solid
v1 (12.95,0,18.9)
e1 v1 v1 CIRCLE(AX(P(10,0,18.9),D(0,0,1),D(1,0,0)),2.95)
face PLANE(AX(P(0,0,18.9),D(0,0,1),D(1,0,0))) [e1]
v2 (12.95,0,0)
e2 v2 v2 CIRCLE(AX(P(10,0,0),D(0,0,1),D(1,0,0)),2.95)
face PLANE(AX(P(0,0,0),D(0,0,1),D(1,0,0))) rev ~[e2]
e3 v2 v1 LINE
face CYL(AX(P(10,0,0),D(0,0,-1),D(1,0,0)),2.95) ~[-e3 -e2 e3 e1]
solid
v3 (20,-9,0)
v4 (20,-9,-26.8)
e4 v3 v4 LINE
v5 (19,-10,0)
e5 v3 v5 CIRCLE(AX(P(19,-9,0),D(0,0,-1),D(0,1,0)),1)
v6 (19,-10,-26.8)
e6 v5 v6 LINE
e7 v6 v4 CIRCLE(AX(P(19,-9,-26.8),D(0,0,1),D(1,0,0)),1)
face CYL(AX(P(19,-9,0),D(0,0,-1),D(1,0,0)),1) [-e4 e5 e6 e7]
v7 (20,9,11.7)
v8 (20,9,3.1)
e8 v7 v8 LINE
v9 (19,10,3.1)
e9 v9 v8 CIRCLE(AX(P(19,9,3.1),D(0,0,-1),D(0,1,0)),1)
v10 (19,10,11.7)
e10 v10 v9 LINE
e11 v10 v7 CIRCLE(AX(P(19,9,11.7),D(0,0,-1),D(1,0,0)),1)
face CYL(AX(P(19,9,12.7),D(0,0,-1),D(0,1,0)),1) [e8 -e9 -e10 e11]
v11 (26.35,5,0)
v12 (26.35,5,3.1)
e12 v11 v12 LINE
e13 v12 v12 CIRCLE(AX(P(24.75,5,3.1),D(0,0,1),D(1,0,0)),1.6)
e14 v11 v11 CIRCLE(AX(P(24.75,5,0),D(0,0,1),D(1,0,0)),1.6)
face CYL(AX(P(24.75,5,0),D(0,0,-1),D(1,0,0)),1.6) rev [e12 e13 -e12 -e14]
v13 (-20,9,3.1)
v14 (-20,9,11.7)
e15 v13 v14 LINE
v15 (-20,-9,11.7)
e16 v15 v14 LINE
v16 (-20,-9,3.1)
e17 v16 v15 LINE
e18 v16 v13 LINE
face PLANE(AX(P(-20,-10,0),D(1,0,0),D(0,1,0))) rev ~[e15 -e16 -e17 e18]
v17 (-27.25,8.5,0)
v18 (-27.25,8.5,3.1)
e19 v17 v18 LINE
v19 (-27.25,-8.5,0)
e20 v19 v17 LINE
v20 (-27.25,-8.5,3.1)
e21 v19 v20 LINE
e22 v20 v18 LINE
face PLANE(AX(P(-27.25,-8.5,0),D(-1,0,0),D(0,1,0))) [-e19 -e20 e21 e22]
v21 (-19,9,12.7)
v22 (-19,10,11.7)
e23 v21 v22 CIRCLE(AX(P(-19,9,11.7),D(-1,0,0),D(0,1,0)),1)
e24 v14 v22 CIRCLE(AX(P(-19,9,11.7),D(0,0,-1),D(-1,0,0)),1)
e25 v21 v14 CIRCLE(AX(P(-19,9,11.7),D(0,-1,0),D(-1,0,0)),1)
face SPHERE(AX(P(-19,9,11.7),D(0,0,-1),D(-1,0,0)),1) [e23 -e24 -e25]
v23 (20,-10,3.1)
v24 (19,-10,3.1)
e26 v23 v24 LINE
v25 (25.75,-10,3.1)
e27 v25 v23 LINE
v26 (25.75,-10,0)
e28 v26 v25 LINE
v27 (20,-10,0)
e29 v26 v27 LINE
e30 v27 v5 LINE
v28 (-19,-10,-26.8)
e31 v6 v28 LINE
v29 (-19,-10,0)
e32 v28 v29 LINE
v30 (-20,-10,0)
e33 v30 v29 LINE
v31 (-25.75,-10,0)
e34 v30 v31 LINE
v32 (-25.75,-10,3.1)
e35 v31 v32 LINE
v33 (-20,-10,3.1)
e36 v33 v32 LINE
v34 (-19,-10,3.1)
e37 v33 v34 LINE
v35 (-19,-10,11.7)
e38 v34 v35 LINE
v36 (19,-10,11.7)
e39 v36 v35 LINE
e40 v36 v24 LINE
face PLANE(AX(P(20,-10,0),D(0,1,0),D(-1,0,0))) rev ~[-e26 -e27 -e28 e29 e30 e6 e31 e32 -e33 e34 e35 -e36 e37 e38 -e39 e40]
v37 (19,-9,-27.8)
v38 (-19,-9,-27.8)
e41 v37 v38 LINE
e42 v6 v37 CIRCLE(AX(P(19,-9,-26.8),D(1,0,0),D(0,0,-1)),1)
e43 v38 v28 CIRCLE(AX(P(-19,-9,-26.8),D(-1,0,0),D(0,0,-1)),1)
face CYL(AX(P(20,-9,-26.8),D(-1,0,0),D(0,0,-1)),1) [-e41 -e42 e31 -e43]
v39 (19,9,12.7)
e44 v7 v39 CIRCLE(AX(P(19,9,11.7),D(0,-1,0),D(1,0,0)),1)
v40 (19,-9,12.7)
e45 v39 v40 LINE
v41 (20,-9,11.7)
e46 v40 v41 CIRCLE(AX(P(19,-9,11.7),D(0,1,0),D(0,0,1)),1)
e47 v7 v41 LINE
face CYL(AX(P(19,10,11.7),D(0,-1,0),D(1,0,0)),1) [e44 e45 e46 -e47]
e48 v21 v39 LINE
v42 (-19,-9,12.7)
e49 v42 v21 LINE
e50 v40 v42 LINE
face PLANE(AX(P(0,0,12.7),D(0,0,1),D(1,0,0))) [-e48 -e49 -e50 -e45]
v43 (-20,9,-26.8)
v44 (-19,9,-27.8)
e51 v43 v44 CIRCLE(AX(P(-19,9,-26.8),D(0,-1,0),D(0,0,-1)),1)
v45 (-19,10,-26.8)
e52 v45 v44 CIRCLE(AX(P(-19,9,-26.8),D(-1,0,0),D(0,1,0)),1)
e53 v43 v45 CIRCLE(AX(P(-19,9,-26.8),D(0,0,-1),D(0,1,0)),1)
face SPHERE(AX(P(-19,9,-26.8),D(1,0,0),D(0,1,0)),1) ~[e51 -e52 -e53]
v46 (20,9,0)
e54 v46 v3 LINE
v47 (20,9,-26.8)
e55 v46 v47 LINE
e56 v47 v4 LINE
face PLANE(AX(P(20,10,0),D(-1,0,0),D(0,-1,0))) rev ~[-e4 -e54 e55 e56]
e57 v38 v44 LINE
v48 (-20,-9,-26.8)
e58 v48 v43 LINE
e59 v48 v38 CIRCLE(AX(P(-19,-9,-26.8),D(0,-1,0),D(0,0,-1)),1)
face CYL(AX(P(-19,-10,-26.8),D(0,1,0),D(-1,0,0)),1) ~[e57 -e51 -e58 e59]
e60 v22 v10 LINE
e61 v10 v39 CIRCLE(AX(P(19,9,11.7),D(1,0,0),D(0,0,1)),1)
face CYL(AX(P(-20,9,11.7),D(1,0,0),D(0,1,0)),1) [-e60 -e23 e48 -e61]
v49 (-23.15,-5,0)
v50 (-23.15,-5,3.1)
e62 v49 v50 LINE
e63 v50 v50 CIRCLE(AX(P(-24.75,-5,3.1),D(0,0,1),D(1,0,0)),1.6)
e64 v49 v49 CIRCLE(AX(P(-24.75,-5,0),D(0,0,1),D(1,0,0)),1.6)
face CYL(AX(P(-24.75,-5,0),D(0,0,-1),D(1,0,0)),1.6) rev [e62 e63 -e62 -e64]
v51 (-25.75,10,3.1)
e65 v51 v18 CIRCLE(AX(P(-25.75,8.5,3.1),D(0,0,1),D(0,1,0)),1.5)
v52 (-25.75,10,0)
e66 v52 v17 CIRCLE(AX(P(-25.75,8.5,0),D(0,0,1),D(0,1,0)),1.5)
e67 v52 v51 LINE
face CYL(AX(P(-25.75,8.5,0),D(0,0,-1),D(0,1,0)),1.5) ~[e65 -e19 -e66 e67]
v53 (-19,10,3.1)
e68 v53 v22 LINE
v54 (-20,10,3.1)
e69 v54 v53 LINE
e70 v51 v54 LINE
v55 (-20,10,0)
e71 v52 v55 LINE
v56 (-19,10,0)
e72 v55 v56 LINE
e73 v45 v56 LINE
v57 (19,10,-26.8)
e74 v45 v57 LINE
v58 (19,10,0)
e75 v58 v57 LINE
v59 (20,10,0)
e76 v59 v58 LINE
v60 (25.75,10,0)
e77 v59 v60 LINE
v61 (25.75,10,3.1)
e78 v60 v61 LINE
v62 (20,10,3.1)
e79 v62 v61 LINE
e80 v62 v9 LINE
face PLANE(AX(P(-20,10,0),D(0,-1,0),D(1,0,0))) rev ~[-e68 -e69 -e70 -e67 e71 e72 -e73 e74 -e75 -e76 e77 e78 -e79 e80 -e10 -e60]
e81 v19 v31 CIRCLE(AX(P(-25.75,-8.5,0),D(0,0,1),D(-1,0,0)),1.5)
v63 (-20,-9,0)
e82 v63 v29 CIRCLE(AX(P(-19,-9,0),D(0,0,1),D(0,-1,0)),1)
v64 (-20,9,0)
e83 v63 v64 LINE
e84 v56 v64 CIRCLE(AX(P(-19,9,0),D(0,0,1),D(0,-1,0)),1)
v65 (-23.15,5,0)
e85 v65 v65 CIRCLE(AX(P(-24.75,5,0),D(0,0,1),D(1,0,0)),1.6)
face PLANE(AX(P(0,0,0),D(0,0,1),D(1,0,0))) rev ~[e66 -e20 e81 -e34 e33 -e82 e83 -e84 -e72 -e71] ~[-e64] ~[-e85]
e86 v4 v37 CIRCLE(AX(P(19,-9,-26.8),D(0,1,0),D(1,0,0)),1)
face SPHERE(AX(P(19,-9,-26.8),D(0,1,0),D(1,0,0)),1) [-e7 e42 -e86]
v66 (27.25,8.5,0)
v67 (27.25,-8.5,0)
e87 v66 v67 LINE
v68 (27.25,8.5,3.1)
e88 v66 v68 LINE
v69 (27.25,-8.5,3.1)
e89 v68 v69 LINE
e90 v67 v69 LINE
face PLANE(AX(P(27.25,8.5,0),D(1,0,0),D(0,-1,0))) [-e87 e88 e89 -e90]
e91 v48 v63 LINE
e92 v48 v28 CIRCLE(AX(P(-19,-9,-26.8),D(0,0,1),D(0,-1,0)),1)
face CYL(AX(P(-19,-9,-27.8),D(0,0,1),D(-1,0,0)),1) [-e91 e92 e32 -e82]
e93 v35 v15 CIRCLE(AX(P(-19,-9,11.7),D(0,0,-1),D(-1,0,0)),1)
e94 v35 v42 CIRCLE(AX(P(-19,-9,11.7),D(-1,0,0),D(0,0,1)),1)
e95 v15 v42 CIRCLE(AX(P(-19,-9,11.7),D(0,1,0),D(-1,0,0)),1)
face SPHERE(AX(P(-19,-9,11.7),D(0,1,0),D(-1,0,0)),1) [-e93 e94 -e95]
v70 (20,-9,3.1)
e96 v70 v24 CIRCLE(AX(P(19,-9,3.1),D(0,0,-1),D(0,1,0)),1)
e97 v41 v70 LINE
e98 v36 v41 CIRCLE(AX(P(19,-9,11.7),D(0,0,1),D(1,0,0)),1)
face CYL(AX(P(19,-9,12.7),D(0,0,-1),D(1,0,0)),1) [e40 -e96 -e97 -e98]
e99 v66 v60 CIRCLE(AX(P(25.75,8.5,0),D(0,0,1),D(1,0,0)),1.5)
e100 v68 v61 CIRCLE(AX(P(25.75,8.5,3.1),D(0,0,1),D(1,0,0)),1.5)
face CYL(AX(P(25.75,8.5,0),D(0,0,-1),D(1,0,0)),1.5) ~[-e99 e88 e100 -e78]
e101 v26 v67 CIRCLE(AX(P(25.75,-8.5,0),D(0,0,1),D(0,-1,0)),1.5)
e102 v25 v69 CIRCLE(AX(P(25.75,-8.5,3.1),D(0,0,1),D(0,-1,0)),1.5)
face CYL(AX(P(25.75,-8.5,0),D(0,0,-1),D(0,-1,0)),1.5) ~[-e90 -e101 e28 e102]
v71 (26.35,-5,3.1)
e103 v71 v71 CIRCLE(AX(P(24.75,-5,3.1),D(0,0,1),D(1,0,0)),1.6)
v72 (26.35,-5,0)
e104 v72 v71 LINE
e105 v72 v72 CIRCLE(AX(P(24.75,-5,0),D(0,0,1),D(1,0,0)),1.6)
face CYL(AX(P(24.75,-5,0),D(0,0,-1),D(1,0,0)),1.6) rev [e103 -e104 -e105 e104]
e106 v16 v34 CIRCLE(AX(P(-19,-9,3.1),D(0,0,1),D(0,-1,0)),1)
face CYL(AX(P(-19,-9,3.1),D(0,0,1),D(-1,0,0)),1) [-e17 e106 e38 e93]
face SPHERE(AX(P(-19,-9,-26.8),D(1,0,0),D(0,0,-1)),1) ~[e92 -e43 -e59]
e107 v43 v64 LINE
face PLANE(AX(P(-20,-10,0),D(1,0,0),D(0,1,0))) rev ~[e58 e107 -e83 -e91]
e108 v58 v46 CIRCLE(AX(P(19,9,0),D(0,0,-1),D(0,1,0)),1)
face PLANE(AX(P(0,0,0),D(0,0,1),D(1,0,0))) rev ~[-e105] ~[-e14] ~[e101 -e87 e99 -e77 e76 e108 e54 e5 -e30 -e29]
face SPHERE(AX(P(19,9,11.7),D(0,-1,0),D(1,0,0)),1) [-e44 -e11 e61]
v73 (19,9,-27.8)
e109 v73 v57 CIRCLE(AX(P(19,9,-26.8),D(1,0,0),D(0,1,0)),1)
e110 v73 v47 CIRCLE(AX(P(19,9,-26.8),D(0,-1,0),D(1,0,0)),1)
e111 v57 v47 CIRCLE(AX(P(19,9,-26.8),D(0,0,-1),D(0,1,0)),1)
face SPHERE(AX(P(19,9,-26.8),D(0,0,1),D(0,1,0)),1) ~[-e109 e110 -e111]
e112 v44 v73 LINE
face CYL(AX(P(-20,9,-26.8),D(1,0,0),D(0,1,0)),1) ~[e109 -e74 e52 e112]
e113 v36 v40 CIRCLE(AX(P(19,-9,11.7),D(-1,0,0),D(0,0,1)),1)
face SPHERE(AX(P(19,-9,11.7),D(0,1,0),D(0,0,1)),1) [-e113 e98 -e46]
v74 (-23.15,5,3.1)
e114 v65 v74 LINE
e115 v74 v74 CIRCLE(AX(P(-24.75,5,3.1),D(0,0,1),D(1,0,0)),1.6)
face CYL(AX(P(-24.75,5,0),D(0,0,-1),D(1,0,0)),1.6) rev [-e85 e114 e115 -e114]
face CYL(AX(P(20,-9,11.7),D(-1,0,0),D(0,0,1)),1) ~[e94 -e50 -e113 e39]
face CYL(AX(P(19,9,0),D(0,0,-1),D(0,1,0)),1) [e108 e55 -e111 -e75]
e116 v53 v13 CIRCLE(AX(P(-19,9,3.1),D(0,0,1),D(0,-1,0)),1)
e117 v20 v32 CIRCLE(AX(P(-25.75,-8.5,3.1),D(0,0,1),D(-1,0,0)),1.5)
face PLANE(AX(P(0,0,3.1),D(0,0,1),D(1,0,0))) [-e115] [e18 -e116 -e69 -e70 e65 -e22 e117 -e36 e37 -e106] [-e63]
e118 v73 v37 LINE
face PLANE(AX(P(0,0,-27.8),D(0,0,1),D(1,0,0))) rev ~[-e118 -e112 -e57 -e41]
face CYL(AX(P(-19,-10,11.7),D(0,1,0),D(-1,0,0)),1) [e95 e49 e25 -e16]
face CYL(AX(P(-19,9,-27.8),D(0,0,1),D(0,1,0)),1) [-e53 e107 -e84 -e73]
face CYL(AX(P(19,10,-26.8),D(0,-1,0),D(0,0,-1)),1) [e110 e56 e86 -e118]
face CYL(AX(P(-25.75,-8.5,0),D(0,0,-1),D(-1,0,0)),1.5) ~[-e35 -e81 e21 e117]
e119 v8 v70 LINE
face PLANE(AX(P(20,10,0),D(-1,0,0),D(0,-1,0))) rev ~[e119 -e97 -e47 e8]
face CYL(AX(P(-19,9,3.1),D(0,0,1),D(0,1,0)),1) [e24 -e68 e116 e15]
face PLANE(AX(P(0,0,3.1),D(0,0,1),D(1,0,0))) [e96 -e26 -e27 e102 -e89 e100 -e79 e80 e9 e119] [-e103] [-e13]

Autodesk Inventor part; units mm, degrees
ref_plane "YZ Plane" through (0, 0, 0) normal (1, 0, 0) x (0, 1, 0)
ref_plane "XZ Plane" through (0, 0, 0) normal (0, 1, 0) x (-1, 0, 0)
ref_plane "XY Plane" through (0, 0, 0) normal (0, 0, 1) x (1, 0, 0)
sketch "Эскиз1" plane through (0, 0, 0) normal (0, 0, 1) x (1, 0, 0)
  line L0 (-25.75, 10) -> (25.75, 10)
  line L1 (27.25, 8.5) -> (27.25, -8.5)
  line L2 (25.75, -10) -> (-25.75, -10)
  line L3 (-27.25, -8.5) -> (-27.25, 8.5)
  line L4 (-27.25, 10) -> (27.25, -10) construction
  line L5 (27.25, 10) -> (-27.25, -10) construction
  line L6 (-20, 10) -> (20, 10)
  line L7 (20, 10) -> (20, -10)
  line L8 (20, -10) -> (-20, -10)
  line L9 (-20, -10) -> (-20, 10)
  line L10 (-20, 10) -> (20, -10) construction
  line L11 (20, 10) -> (-20, -10) construction
  arc A0 (27.25, 8.5) -> (25.75, 10) centre (25.75, 8.5) ccw
  arc A1 (25.75, -10) -> (27.25, -8.5) centre (25.75, -8.5) ccw
  arc A2 (-27.25, -8.5) -> (-25.75, -10) centre (-25.75, -8.5) ccw
  arc A3 (-25.75, 10) -> (-27.25, 8.5) centre (-25.75, 8.5) ccw
  line L12 (-34.7079, 0) -> (34.7079, 0) construction
  circle A4 centre (10, 0) radius 2.95
  line L13 (24.75, -5) -> (-24.75, -5) construction
  line L14 (-24.75, -5) -> (-24.75, 5) construction
  line L15 (-24.75, 5) -> (24.75, 5) construction
  line L16 (24.75, 5) -> (24.75, -5) construction
  line L17 (24.75, -5) -> (-24.75, 5) construction
  line L18 (-24.75, -5) -> (24.75, 5) construction
  circle A5 centre (-24.75, 5) radius 1.6
  circle A6 centre (-24.75, -5) radius 1.6
  circle A7 centre (24.75, 5) radius 1.6
  circle A8 centre (24.75, -5) radius 1.6
  point P0 (0, 0)
  point P1 (0, 0)
  dimension "d0" = 54.5
  dimension "d1" = 20
  dimension "d2" = 40
  dimension "d3" = 20
  dimension "d4" = 1.5
  dimension "d5" = 5.9
  dimension "d6" = 10
  dimension "d7" = 49.5
  dimension "d8" = 10
  dimension "d9" = 3.2
  dimension "d10" = 3.2
  dimension "d11" = 3.2
  dimension "d12" = 3.2
  dimension "d22" = 17.25
extrude "Выдавливание1" add sketch "Эскиз1" along normal blind 12.7 and the other way blind 27.8 contours L0 L7 L2 L9 | A4
extrude "Выдавливание2" add sketch "Эскиз1" along normal blind 18.9 separate body contours A4
extrude "Выдавливание3" add sketch "Эскиз1" along normal blind 3.1 contours L0 L9 L2 A2 L3 A3 | L0 A0 L1 A1 L2 L7 bodies 1
fillet "Сопряжение1" radius 1 16 edges at (20, 10, -13.9) (0, 10, -27.8) (20, 0, -27.8) (20, -10, -13.9) (20, 0, 12.7) (20, 10, 7.9) (0, -10, -27.8) (-20, 10, -13.9) (-20, 0, -27.8) (-20, 10, 7.9) (-20, 0, 12.7) (-20, -10, 7.9) (0, -10, 12.7) (0, 10, 12.7) (20, -10, 7.9) (-20, -10, -13.9)
equation "\"servaBodyHeght\" = 40.5"
properties part number "servo20kg-ds8120"
